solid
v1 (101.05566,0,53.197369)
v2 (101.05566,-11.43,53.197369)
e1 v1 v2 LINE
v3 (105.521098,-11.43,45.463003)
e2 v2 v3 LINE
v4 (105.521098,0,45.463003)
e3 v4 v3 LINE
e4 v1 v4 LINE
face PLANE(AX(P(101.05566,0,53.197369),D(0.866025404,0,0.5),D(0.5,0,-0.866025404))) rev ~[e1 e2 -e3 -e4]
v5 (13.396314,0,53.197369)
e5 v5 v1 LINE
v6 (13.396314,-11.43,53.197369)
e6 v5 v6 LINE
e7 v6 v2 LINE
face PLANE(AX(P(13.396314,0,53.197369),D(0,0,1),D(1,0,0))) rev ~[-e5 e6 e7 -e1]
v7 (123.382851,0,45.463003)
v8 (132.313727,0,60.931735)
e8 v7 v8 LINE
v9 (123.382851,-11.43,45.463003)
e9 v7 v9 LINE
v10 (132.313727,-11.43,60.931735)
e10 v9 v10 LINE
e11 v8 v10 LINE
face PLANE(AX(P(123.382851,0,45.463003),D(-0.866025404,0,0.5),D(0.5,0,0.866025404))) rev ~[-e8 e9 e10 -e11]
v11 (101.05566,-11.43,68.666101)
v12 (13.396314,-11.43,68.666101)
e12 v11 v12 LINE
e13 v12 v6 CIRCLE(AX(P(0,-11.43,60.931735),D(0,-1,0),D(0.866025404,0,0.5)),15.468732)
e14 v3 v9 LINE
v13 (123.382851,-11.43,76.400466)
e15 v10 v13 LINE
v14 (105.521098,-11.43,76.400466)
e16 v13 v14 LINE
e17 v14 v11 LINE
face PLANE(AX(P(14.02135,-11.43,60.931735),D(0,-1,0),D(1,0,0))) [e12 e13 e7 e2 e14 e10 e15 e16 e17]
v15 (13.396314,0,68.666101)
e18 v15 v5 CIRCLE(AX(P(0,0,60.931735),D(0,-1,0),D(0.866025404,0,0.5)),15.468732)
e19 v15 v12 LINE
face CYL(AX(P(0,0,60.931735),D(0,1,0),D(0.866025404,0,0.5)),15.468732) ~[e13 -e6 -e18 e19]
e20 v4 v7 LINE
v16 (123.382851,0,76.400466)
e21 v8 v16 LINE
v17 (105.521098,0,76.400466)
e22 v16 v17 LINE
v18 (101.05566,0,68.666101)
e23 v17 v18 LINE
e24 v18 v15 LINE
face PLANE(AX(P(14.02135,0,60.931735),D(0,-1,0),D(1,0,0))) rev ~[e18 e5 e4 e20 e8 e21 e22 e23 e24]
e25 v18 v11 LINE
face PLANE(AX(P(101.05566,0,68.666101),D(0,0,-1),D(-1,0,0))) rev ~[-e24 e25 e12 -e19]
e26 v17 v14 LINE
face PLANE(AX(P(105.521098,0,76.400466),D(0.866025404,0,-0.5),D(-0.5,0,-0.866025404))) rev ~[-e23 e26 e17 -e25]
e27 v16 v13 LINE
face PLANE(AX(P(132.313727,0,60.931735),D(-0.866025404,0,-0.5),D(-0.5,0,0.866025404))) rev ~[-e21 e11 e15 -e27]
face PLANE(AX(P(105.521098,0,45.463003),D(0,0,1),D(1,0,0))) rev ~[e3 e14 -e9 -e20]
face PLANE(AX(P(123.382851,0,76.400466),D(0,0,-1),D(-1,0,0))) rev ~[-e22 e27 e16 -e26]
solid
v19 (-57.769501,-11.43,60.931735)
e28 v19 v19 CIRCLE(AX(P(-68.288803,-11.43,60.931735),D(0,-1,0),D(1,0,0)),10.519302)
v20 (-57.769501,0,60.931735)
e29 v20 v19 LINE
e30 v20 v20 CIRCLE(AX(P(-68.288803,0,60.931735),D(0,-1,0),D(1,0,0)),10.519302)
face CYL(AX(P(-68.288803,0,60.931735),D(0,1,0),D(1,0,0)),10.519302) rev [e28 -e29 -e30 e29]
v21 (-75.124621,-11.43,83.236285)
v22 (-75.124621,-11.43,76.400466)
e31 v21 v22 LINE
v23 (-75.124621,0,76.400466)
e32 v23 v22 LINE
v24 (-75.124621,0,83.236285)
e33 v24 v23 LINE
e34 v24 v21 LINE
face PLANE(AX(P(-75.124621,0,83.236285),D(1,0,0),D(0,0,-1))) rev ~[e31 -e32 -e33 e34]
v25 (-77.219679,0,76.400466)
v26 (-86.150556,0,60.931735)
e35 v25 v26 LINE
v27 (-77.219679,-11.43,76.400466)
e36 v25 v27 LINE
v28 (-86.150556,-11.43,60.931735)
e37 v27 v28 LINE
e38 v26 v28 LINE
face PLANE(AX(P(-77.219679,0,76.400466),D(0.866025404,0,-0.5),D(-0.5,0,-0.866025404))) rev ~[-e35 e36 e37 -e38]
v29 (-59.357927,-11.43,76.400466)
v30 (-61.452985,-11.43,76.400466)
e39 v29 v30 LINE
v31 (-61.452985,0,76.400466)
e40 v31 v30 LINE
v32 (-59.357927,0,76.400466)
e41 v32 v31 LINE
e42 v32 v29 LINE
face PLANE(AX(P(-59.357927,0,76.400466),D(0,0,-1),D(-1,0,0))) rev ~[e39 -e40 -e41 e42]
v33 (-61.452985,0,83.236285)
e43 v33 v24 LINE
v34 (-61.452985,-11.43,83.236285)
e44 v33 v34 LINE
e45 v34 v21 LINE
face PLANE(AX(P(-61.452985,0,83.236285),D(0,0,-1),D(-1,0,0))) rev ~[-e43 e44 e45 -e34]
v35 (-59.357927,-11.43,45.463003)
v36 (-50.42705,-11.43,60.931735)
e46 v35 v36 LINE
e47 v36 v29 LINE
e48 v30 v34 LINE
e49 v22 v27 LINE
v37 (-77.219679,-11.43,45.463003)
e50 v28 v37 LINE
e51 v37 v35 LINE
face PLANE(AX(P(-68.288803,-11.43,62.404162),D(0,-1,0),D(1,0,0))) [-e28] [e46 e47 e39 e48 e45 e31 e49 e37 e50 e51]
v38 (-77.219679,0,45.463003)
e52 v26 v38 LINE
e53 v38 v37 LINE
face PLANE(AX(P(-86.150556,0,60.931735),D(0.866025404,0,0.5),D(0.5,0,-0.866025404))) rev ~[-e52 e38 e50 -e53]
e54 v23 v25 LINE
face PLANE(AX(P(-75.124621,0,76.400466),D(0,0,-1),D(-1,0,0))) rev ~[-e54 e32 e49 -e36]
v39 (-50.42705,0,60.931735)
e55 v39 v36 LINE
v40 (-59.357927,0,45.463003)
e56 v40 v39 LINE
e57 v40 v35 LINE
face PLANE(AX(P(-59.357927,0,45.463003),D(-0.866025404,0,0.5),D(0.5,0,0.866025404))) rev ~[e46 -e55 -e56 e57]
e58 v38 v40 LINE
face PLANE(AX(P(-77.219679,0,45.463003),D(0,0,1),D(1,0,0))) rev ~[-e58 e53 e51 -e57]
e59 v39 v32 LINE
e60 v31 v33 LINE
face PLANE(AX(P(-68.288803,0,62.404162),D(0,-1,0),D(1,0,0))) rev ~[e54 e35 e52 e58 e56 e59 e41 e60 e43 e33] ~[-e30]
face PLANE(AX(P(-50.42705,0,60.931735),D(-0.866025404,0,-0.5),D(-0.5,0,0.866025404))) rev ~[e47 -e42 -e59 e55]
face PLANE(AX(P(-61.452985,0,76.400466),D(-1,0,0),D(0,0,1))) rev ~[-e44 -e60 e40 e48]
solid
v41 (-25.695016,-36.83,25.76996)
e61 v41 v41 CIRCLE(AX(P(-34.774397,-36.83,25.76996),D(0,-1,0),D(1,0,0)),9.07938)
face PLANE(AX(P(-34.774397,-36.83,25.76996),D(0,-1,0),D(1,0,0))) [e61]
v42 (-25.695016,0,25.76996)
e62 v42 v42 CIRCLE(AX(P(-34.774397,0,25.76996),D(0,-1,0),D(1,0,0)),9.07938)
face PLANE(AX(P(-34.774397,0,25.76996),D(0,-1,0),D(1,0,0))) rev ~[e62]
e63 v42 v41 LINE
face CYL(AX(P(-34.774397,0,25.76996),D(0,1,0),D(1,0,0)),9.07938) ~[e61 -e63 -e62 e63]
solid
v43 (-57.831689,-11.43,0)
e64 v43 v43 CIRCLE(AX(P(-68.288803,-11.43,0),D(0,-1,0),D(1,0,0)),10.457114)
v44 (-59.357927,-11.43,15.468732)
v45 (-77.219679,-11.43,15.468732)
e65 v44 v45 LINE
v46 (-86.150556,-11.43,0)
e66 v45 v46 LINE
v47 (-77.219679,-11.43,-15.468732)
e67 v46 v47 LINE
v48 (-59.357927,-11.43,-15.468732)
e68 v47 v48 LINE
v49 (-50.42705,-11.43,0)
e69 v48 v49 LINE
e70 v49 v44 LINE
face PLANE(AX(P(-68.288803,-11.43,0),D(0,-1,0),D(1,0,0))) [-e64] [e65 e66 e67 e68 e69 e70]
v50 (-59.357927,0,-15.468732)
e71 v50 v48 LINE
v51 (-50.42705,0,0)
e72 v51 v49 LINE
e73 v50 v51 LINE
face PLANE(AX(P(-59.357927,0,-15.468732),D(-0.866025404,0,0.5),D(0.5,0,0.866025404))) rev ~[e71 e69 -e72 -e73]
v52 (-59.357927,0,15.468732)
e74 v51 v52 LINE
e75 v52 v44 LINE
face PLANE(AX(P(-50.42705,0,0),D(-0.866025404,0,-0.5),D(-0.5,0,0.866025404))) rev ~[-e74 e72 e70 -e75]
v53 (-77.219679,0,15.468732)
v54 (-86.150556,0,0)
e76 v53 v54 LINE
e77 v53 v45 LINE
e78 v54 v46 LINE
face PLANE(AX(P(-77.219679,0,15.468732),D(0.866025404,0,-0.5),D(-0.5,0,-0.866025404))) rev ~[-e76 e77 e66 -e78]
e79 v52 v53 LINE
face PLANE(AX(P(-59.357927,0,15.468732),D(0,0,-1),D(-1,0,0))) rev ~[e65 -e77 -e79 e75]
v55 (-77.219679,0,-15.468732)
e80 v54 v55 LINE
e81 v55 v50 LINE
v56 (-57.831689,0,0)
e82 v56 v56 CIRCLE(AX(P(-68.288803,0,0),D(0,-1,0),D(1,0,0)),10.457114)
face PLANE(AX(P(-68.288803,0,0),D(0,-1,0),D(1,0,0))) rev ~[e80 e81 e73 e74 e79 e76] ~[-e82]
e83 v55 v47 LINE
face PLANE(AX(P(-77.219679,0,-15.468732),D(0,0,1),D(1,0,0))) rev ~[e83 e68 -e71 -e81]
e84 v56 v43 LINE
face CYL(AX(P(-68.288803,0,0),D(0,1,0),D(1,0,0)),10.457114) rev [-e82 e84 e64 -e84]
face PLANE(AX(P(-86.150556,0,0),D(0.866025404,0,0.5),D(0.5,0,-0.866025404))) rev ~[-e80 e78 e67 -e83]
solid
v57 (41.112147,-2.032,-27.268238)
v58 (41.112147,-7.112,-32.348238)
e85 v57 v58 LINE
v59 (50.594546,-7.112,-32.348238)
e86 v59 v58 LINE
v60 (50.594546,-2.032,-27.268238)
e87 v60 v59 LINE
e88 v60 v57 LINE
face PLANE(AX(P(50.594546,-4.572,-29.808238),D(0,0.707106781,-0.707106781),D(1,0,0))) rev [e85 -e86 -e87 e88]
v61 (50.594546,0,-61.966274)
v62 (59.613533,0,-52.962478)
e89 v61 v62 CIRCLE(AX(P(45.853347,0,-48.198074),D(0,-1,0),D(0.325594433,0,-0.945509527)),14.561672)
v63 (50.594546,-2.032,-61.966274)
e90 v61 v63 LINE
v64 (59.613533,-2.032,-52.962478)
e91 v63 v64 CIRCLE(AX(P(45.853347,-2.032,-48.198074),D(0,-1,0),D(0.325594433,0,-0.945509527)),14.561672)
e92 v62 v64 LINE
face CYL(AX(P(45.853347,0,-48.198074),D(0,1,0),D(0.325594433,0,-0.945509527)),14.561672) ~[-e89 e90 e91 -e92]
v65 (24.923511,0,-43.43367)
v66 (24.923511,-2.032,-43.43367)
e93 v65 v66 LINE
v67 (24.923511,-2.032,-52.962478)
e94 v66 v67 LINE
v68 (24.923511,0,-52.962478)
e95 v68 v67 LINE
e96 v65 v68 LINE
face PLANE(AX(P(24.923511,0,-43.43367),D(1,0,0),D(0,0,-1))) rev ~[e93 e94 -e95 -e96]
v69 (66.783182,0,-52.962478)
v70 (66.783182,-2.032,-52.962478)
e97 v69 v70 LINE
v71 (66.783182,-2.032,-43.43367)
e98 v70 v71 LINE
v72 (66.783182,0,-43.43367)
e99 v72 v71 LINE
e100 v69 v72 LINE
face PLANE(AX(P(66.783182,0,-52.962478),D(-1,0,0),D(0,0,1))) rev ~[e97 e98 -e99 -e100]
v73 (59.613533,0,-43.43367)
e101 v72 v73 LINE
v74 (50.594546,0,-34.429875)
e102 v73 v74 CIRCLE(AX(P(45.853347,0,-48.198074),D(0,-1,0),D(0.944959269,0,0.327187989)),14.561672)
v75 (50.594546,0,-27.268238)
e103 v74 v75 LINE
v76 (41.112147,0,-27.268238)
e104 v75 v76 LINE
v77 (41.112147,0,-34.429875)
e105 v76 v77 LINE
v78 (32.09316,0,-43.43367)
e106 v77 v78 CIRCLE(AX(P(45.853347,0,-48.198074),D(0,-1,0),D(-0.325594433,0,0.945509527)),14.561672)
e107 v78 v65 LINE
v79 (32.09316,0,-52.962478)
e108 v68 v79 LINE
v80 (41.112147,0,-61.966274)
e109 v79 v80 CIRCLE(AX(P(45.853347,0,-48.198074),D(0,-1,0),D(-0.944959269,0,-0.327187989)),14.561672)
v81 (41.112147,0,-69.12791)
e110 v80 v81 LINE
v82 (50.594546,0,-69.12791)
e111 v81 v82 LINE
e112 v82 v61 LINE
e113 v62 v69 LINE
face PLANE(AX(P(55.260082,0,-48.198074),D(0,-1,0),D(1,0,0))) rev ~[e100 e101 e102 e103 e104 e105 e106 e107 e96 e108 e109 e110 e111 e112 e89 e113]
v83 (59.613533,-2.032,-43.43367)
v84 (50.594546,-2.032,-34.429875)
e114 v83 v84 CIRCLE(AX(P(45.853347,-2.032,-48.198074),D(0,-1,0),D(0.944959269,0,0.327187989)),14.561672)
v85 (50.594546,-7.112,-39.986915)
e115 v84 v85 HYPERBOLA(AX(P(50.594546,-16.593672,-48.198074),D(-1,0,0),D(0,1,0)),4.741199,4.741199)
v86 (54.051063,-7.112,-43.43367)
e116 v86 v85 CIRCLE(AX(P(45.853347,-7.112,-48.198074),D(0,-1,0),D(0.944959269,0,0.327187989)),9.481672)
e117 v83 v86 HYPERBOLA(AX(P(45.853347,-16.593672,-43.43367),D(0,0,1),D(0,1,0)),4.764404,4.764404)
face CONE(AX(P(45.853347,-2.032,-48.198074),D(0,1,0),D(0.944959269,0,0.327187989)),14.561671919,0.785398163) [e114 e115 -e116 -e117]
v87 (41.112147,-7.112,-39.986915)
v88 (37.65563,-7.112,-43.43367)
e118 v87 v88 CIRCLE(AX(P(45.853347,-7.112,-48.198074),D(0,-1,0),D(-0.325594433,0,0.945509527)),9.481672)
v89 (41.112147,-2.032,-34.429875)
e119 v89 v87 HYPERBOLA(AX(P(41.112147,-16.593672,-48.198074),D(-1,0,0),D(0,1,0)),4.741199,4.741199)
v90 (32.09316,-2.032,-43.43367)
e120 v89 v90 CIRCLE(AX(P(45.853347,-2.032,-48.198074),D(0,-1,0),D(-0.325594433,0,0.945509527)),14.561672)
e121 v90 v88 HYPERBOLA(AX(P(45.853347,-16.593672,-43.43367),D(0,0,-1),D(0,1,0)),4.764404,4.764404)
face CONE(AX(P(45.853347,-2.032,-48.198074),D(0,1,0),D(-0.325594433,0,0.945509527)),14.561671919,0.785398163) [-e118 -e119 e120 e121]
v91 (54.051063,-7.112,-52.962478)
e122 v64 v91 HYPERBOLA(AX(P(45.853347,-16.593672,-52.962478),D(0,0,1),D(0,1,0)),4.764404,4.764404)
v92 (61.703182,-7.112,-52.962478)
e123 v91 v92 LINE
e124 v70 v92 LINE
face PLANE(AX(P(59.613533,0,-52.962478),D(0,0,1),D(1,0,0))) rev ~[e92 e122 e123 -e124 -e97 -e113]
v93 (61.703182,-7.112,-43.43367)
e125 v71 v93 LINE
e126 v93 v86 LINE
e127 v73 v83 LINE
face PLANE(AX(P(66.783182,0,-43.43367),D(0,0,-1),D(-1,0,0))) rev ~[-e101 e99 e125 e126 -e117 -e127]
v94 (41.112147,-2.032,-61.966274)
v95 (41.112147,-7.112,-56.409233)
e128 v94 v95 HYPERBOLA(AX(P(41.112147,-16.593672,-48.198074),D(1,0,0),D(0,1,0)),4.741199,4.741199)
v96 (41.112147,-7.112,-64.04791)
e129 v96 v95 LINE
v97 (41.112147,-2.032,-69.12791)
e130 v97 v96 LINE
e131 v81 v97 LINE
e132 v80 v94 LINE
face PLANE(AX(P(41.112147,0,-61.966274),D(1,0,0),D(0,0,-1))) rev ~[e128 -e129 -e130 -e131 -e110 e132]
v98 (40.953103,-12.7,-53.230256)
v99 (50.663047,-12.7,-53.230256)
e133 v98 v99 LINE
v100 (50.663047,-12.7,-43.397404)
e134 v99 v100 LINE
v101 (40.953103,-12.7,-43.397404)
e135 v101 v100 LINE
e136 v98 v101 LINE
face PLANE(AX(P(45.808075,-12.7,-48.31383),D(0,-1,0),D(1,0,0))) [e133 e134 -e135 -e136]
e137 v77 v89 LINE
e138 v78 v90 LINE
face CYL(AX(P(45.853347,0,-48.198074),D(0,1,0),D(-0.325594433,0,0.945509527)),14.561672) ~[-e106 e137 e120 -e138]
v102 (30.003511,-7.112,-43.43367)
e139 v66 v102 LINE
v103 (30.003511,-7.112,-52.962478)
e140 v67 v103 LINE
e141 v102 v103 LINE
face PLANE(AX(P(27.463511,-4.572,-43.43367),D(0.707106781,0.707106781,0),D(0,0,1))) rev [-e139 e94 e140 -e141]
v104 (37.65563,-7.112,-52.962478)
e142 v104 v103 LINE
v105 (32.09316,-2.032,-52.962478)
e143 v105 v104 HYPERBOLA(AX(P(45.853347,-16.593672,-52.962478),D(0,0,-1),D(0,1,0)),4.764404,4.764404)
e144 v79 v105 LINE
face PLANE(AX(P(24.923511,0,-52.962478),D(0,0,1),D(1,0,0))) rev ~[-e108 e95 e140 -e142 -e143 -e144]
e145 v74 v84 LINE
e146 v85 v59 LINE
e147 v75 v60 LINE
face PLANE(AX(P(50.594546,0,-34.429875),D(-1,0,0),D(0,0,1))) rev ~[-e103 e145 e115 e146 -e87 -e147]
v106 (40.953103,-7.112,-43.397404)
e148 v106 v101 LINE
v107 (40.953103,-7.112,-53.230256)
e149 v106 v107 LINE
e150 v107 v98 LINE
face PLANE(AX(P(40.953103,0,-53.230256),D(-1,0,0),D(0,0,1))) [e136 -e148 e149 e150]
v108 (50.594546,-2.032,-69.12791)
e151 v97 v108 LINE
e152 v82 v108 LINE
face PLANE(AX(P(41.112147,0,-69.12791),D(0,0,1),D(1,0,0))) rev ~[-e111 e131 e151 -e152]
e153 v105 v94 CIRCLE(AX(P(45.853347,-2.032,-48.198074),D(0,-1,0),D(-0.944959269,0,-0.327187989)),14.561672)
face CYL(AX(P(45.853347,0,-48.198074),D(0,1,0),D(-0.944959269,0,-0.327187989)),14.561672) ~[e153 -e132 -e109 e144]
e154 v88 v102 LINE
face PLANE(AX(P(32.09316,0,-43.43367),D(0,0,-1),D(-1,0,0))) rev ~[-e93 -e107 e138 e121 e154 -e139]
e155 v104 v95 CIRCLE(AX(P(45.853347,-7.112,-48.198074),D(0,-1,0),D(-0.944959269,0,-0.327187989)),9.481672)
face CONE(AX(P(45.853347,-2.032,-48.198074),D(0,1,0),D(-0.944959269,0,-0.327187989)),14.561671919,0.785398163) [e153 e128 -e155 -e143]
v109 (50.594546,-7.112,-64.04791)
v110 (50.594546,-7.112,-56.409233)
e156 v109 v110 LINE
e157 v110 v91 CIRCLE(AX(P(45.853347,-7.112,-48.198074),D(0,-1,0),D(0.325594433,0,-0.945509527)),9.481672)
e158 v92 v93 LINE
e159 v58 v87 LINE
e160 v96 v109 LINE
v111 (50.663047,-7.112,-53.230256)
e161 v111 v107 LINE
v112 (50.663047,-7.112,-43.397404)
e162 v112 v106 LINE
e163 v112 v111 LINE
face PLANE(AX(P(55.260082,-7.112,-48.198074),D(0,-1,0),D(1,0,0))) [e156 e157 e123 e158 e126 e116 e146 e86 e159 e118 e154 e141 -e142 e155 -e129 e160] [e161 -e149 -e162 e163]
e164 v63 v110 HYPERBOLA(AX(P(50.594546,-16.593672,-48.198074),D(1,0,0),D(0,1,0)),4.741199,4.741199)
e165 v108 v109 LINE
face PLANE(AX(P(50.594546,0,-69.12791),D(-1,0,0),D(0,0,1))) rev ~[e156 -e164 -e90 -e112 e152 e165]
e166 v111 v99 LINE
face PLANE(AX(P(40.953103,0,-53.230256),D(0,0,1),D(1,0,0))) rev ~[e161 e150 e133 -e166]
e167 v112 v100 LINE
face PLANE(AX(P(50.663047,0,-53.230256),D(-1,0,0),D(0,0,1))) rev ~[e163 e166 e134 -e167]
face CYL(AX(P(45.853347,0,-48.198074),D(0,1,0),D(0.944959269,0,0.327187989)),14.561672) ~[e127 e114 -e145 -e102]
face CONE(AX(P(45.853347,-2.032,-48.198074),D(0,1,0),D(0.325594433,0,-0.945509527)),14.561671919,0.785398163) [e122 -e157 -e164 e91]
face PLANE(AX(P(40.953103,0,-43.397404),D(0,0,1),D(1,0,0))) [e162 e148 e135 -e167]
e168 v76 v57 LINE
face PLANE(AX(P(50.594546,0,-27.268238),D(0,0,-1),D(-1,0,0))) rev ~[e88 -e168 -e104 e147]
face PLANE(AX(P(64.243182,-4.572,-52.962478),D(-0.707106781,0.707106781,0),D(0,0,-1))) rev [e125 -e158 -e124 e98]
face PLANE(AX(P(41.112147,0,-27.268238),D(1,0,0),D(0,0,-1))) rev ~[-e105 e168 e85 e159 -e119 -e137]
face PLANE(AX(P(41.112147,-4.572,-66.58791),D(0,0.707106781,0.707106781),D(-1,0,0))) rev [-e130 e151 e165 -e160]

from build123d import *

# Parameters (mm, degrees)
F0_R      = 10.519302146
F1_DEPTH  = 11.43
F0_R_2    = 10.4571143602
F4_DEPTH  = 7.112
F5_SIZE   = 5.08
F6_W      = 9.7099430859
F6_H      = 9.8328515887
F7_DEPTH  = 12.7
F8_R      = 9.0793803352
F9_DEPTH  = 36.83
F10_DEPTH = 36.83


with BuildPart() as f1:
    # F0 (on Front) → F1 (new body)
    with BuildSketch(Plane.XZ):
        Polygon((-75.1246213913, 76.4004662633), (-77.2196794092, 76.4004662633), (-86.1505557177, 60.9317347407), (-77.2196794092, 45.4630032182), (-59.357926792, 45.4630032182), (-50.4270504834, 60.9317347407), (-59.357926792, 76.4004662633), (-61.4529848099, 76.4004662633), (-61.4529848099, 69.5646479726), (-68.2888031006, 76.4004662633), (-75.1246213913, 69.5646479726), align=None)
        with Locations((-68.2888031006, 60.9317347407)):
            Circle(F0_R, mode=Mode.SUBTRACT)
        Polygon((-75.1246213913, 83.236284554), (-75.1246213913, 76.4004662633), (-68.2888031006, 76.4004662633), (-61.4529848099, 76.4004662633), (-61.4529848099, 83.236284554), align=None)
        Polygon((-68.2888031006, 76.4004662633), (-75.1246213913, 76.4004662633), (-75.1246213913, 69.5646479726), align=None)
        Polygon((-61.4529848099, 76.4004662633), (-68.2888031006, 76.4004662633), (-61.4529848099, 69.5646479726), align=None)
    extrude(amount=F1_DEPTH)


with BuildPart() as f1b:
    # F0 (on Front) → F1, piece 2 (new body)
    with BuildSketch(Plane.XZ):
        with BuildLine():
            ThreePointArc((15.4687315226, 60.9317347407), (14.9416472776, 64.9353370624), (13.3963144629, 68.666100502))
            Line((13.3963144629, 68.666100502), (13.3963144629, 53.1973689795))
            ThreePointArc((13.3963144629, 53.1973689795), (14.9416472776, 56.9281324191), (15.4687315226, 60.9317347407))
        make_face()
        with BuildLine():
            Line((101.0556601675, 68.666100502), (13.3963144629, 68.666100502))
            ThreePointArc((13.3963144629, 68.666100502), (14.9416472776, 64.9353370624), (15.4687315226, 60.9317347407))
            ThreePointArc((15.4687315226, 60.9317347407), (14.9416472776, 56.9281324191), (13.3963144629, 53.1973689795))
            Line((13.3963144629, 53.1973689795), (101.0556601675, 53.1973689795))
            Line((101.0556601675, 53.1973689795), (96.5902220132, 60.9317347407))
            Line((96.5902220132, 60.9317347407), (101.0556601675, 68.666100502))
        make_face()
        with BuildLine():
            Line((13.3963144629, 53.1973689795), (13.3963144629, 68.666100502))
            ThreePointArc((13.3963144629, 68.666100502), (-15.4687315226, 60.9317347407), (13.3963144629, 53.1973689795))
        make_face()
        Polygon((105.5210983218, 76.4004662633), (101.0556601675, 68.666100502), (114.4519746304, 68.666100502), (114.4519746304, 53.1973689795), (101.0556601675, 53.1973689795), (105.5210983218, 45.4630032182), (123.3828509389, 45.4630032182), (132.3137272475, 60.9317347407), (123.3828509389, 76.4004662633), align=None)
        Polygon((114.4519746304, 68.666100502), (101.0556601675, 68.666100502), (96.5902220132, 60.9317347407), (101.0556601675, 53.1973689795), (114.4519746304, 53.1973689795), align=None)
    extrude(amount=F1_DEPTH)


with BuildPart() as f1c:
    # F0 (on Front) → F1, piece 3 (new body)
    with BuildSketch(Plane.XZ):
        Polygon((-59.357926792, -15.4687315226), (-50.4270504834, 0), (-59.357926792, 15.4687315226), (-77.2196794092, 15.4687315226), (-86.1505557177, 0), (-77.2196794092, -15.4687315226), align=None)
        with Locations((-68.2888031006, 0)):
            Circle(F0_R_2, mode=Mode.SUBTRACT)
    extrude(amount=F1_DEPTH)


with BuildPart() as f4:
    # F3 (on Front) → F4 (new body)
    with BuildSketch(Plane.XZ):
        with BuildLine():
            ThreePointArc((59.6135334386, -52.9624782503), (60.2132493643, -50.6137481904), (60.4150185059, -48.1980741024))
            ThreePointArc((60.4150185059, -48.1980741024), (60.2132493643, -45.7824000144), (59.6135334386, -43.4336699545))
            Line((59.6135334386, -43.4336699545), (50.5945459008, -43.4336699545))
            Line((50.5945459008, -43.4336699545), (50.5945459008, -52.9624782503))
            Line((50.5945459008, -52.9624782503), (59.6135334386, -52.9624782503))
        make_face()
        with BuildLine():
            ThreePointArc((59.6135334386, -43.4336699545), (60.2132493643, -45.7824000144), (60.4150185059, -48.1980741024))
            ThreePointArc((60.4150185059, -48.1980741024), (60.2132493643, -50.6137481904), (59.6135334386, -52.9624782503))
            Line((59.6135334386, -52.9624782503), (66.783182323, -52.9624782503))
            Line((66.783182323, -52.9624782503), (66.783182323, -43.4336699545))
            Line((66.783182323, -43.4336699545), (59.6135334386, -43.4336699545))
        make_face()
        with BuildLine():
            Line((50.5945459008, -43.4336699545), (59.6135334386, -43.4336699545))
            ThreePointArc((59.6135334386, -43.4336699545), (56.1413204063, -37.8927413191), (50.5945459008, -34.4298745776))
            Line((50.5945459008, -34.4298745776), (50.5945459008, -43.4336699545))
        make_face()
        with BuildLine():
            ThreePointArc((50.5945459008, -61.9662736272), (56.1413204063, -58.5034068857), (59.6135334386, -52.9624782503))
            Line((59.6135334386, -52.9624782503), (50.5945459008, -52.9624782503))
            Line((50.5945459008, -52.9624782503), (50.5945459008, -61.9662736272))
        make_face()
        with BuildLine():
            Line((50.5945459008, -43.4336699545), (50.5945459008, -34.4298745776))
            ThreePointArc((50.5945459008, -34.4298745776), (45.8533465862, -33.6364021827), (41.1121472716, -34.4298745776))
            Line((41.1121472716, -34.4298745776), (41.1121472716, -43.4336699545))
            Line((41.1121472716, -43.4336699545), (50.5945459008, -43.4336699545))
        make_face()
        with BuildLine():
            ThreePointArc((41.1121472716, -34.4298745776), (45.8533465862, -33.6364021827), (50.5945459008, -34.4298745776))
            Line((50.5945459008, -34.4298745776), (50.5945459008, -27.2682383657))
            Line((50.5945459008, -27.2682383657), (41.1121472716, -27.2682383657))
            Line((41.1121472716, -27.2682383657), (41.1121472716, -34.4298745776))
        make_face()
        with BuildLine():
            Line((50.5945459008, -69.1279098392), (50.5945459008, -61.9662736272))
            ThreePointArc((50.5945459008, -61.9662736272), (45.8533465862, -62.7597460221), (41.1121472716, -61.9662736272))
            Line((41.1121472716, -61.9662736272), (41.1121472716, -69.1279098392))
            Line((41.1121472716, -69.1279098392), (50.5945459008, -69.1279098392))
        make_face()
        with BuildLine():
            ThreePointArc((41.1121472716, -61.9662736272), (45.8533465862, -62.7597460221), (50.5945459008, -61.9662736272))
            Line((50.5945459008, -61.9662736272), (50.5945459008, -52.9624782503))
            Line((50.5945459008, -52.9624782503), (41.1121472716, -52.9624782503))
            Line((41.1121472716, -52.9624782503), (41.1121472716, -61.9662736272))
        make_face()
        with BuildLine():
            Line((41.1121472716, -43.4336699545), (41.1121472716, -34.4298745776))
            ThreePointArc((41.1121472716, -34.4298745776), (35.5653727662, -37.8927413191), (32.0931597339, -43.4336699545))
            Line((32.0931597339, -43.4336699545), (41.1121472716, -43.4336699545))
        make_face()
        with BuildLine():
            Line((41.1121472716, -52.9624782503), (41.1121472716, -43.4336699545))
            Line((41.1121472716, -43.4336699545), (32.0931597339, -43.4336699545))
            ThreePointArc((32.0931597339, -43.4336699545), (31.2916746666, -48.1980741024), (32.0931597339, -52.9624782503))
            Line((32.0931597339, -52.9624782503), (41.1121472716, -52.9624782503))
        make_face()
        with BuildLine():
            ThreePointArc((32.0931597339, -52.9624782503), (35.5653727662, -58.5034068857), (41.1121472716, -61.9662736272))
            Line((41.1121472716, -61.9662736272), (41.1121472716, -52.9624782503))
            Line((41.1121472716, -52.9624782503), (32.0931597339, -52.9624782503))
        make_face()
        with BuildLine():
            ThreePointArc((32.0931597339, -52.9624782503), (31.2916746666, -48.1980741024), (32.0931597339, -43.4336699545))
            Line((32.0931597339, -43.4336699545), (24.9235108495, -43.4336699545))
            Line((24.9235108495, -43.4336699545), (24.9235108495, -52.9624782503))
            Line((24.9235108495, -52.9624782503), (32.0931597339, -52.9624782503))
        make_face()
    extrude(amount=F4_DEPTH)

    # F5
    f5_edges = [f4.edges().sort_by_distance(p)[0] for p in [
        (45.853347, -7.112, -27.268238),
        (66.783182, -7.112, -48.198074),
        (45.853347, -7.112, -69.12791),
        (24.923511, -7.112, -48.198074),
        (56.14132, -7.112, -37.892741),
        (56.14132, -7.112, -58.503407),
        (35.565373, -7.112, -37.892741),
        (35.565373, -7.112, -58.503407),
    ]]
    chamfer(f5_edges, length=F5_SIZE)

    # F6 (on Front) → F7 (join)
    with BuildSketch(Plane.XZ):
        with Locations((45.8080749959, -48.3138300478)):
            Rectangle(F6_W, F6_H)
    extrude(amount=F7_DEPTH)


with BuildPart() as f9:
    # F8 (on Front) → F9 (new body)
    with BuildSketch(Plane.XZ):
        with Locations((-34.7743965685, 25.7699601352)):
            Circle(F8_R)
    extrude(amount=F9_DEPTH)

    # F8 (on Front) → F10 (join)
    with BuildSketch(Plane.XZ):
        with Locations((-34.7743965685, 25.7699601352)):
            Circle(F8_R)
    extrude(amount=F10_DEPTH)


solid = Compound([f1.part, f1b.part, f1c.part, f4.part, f9.part])
